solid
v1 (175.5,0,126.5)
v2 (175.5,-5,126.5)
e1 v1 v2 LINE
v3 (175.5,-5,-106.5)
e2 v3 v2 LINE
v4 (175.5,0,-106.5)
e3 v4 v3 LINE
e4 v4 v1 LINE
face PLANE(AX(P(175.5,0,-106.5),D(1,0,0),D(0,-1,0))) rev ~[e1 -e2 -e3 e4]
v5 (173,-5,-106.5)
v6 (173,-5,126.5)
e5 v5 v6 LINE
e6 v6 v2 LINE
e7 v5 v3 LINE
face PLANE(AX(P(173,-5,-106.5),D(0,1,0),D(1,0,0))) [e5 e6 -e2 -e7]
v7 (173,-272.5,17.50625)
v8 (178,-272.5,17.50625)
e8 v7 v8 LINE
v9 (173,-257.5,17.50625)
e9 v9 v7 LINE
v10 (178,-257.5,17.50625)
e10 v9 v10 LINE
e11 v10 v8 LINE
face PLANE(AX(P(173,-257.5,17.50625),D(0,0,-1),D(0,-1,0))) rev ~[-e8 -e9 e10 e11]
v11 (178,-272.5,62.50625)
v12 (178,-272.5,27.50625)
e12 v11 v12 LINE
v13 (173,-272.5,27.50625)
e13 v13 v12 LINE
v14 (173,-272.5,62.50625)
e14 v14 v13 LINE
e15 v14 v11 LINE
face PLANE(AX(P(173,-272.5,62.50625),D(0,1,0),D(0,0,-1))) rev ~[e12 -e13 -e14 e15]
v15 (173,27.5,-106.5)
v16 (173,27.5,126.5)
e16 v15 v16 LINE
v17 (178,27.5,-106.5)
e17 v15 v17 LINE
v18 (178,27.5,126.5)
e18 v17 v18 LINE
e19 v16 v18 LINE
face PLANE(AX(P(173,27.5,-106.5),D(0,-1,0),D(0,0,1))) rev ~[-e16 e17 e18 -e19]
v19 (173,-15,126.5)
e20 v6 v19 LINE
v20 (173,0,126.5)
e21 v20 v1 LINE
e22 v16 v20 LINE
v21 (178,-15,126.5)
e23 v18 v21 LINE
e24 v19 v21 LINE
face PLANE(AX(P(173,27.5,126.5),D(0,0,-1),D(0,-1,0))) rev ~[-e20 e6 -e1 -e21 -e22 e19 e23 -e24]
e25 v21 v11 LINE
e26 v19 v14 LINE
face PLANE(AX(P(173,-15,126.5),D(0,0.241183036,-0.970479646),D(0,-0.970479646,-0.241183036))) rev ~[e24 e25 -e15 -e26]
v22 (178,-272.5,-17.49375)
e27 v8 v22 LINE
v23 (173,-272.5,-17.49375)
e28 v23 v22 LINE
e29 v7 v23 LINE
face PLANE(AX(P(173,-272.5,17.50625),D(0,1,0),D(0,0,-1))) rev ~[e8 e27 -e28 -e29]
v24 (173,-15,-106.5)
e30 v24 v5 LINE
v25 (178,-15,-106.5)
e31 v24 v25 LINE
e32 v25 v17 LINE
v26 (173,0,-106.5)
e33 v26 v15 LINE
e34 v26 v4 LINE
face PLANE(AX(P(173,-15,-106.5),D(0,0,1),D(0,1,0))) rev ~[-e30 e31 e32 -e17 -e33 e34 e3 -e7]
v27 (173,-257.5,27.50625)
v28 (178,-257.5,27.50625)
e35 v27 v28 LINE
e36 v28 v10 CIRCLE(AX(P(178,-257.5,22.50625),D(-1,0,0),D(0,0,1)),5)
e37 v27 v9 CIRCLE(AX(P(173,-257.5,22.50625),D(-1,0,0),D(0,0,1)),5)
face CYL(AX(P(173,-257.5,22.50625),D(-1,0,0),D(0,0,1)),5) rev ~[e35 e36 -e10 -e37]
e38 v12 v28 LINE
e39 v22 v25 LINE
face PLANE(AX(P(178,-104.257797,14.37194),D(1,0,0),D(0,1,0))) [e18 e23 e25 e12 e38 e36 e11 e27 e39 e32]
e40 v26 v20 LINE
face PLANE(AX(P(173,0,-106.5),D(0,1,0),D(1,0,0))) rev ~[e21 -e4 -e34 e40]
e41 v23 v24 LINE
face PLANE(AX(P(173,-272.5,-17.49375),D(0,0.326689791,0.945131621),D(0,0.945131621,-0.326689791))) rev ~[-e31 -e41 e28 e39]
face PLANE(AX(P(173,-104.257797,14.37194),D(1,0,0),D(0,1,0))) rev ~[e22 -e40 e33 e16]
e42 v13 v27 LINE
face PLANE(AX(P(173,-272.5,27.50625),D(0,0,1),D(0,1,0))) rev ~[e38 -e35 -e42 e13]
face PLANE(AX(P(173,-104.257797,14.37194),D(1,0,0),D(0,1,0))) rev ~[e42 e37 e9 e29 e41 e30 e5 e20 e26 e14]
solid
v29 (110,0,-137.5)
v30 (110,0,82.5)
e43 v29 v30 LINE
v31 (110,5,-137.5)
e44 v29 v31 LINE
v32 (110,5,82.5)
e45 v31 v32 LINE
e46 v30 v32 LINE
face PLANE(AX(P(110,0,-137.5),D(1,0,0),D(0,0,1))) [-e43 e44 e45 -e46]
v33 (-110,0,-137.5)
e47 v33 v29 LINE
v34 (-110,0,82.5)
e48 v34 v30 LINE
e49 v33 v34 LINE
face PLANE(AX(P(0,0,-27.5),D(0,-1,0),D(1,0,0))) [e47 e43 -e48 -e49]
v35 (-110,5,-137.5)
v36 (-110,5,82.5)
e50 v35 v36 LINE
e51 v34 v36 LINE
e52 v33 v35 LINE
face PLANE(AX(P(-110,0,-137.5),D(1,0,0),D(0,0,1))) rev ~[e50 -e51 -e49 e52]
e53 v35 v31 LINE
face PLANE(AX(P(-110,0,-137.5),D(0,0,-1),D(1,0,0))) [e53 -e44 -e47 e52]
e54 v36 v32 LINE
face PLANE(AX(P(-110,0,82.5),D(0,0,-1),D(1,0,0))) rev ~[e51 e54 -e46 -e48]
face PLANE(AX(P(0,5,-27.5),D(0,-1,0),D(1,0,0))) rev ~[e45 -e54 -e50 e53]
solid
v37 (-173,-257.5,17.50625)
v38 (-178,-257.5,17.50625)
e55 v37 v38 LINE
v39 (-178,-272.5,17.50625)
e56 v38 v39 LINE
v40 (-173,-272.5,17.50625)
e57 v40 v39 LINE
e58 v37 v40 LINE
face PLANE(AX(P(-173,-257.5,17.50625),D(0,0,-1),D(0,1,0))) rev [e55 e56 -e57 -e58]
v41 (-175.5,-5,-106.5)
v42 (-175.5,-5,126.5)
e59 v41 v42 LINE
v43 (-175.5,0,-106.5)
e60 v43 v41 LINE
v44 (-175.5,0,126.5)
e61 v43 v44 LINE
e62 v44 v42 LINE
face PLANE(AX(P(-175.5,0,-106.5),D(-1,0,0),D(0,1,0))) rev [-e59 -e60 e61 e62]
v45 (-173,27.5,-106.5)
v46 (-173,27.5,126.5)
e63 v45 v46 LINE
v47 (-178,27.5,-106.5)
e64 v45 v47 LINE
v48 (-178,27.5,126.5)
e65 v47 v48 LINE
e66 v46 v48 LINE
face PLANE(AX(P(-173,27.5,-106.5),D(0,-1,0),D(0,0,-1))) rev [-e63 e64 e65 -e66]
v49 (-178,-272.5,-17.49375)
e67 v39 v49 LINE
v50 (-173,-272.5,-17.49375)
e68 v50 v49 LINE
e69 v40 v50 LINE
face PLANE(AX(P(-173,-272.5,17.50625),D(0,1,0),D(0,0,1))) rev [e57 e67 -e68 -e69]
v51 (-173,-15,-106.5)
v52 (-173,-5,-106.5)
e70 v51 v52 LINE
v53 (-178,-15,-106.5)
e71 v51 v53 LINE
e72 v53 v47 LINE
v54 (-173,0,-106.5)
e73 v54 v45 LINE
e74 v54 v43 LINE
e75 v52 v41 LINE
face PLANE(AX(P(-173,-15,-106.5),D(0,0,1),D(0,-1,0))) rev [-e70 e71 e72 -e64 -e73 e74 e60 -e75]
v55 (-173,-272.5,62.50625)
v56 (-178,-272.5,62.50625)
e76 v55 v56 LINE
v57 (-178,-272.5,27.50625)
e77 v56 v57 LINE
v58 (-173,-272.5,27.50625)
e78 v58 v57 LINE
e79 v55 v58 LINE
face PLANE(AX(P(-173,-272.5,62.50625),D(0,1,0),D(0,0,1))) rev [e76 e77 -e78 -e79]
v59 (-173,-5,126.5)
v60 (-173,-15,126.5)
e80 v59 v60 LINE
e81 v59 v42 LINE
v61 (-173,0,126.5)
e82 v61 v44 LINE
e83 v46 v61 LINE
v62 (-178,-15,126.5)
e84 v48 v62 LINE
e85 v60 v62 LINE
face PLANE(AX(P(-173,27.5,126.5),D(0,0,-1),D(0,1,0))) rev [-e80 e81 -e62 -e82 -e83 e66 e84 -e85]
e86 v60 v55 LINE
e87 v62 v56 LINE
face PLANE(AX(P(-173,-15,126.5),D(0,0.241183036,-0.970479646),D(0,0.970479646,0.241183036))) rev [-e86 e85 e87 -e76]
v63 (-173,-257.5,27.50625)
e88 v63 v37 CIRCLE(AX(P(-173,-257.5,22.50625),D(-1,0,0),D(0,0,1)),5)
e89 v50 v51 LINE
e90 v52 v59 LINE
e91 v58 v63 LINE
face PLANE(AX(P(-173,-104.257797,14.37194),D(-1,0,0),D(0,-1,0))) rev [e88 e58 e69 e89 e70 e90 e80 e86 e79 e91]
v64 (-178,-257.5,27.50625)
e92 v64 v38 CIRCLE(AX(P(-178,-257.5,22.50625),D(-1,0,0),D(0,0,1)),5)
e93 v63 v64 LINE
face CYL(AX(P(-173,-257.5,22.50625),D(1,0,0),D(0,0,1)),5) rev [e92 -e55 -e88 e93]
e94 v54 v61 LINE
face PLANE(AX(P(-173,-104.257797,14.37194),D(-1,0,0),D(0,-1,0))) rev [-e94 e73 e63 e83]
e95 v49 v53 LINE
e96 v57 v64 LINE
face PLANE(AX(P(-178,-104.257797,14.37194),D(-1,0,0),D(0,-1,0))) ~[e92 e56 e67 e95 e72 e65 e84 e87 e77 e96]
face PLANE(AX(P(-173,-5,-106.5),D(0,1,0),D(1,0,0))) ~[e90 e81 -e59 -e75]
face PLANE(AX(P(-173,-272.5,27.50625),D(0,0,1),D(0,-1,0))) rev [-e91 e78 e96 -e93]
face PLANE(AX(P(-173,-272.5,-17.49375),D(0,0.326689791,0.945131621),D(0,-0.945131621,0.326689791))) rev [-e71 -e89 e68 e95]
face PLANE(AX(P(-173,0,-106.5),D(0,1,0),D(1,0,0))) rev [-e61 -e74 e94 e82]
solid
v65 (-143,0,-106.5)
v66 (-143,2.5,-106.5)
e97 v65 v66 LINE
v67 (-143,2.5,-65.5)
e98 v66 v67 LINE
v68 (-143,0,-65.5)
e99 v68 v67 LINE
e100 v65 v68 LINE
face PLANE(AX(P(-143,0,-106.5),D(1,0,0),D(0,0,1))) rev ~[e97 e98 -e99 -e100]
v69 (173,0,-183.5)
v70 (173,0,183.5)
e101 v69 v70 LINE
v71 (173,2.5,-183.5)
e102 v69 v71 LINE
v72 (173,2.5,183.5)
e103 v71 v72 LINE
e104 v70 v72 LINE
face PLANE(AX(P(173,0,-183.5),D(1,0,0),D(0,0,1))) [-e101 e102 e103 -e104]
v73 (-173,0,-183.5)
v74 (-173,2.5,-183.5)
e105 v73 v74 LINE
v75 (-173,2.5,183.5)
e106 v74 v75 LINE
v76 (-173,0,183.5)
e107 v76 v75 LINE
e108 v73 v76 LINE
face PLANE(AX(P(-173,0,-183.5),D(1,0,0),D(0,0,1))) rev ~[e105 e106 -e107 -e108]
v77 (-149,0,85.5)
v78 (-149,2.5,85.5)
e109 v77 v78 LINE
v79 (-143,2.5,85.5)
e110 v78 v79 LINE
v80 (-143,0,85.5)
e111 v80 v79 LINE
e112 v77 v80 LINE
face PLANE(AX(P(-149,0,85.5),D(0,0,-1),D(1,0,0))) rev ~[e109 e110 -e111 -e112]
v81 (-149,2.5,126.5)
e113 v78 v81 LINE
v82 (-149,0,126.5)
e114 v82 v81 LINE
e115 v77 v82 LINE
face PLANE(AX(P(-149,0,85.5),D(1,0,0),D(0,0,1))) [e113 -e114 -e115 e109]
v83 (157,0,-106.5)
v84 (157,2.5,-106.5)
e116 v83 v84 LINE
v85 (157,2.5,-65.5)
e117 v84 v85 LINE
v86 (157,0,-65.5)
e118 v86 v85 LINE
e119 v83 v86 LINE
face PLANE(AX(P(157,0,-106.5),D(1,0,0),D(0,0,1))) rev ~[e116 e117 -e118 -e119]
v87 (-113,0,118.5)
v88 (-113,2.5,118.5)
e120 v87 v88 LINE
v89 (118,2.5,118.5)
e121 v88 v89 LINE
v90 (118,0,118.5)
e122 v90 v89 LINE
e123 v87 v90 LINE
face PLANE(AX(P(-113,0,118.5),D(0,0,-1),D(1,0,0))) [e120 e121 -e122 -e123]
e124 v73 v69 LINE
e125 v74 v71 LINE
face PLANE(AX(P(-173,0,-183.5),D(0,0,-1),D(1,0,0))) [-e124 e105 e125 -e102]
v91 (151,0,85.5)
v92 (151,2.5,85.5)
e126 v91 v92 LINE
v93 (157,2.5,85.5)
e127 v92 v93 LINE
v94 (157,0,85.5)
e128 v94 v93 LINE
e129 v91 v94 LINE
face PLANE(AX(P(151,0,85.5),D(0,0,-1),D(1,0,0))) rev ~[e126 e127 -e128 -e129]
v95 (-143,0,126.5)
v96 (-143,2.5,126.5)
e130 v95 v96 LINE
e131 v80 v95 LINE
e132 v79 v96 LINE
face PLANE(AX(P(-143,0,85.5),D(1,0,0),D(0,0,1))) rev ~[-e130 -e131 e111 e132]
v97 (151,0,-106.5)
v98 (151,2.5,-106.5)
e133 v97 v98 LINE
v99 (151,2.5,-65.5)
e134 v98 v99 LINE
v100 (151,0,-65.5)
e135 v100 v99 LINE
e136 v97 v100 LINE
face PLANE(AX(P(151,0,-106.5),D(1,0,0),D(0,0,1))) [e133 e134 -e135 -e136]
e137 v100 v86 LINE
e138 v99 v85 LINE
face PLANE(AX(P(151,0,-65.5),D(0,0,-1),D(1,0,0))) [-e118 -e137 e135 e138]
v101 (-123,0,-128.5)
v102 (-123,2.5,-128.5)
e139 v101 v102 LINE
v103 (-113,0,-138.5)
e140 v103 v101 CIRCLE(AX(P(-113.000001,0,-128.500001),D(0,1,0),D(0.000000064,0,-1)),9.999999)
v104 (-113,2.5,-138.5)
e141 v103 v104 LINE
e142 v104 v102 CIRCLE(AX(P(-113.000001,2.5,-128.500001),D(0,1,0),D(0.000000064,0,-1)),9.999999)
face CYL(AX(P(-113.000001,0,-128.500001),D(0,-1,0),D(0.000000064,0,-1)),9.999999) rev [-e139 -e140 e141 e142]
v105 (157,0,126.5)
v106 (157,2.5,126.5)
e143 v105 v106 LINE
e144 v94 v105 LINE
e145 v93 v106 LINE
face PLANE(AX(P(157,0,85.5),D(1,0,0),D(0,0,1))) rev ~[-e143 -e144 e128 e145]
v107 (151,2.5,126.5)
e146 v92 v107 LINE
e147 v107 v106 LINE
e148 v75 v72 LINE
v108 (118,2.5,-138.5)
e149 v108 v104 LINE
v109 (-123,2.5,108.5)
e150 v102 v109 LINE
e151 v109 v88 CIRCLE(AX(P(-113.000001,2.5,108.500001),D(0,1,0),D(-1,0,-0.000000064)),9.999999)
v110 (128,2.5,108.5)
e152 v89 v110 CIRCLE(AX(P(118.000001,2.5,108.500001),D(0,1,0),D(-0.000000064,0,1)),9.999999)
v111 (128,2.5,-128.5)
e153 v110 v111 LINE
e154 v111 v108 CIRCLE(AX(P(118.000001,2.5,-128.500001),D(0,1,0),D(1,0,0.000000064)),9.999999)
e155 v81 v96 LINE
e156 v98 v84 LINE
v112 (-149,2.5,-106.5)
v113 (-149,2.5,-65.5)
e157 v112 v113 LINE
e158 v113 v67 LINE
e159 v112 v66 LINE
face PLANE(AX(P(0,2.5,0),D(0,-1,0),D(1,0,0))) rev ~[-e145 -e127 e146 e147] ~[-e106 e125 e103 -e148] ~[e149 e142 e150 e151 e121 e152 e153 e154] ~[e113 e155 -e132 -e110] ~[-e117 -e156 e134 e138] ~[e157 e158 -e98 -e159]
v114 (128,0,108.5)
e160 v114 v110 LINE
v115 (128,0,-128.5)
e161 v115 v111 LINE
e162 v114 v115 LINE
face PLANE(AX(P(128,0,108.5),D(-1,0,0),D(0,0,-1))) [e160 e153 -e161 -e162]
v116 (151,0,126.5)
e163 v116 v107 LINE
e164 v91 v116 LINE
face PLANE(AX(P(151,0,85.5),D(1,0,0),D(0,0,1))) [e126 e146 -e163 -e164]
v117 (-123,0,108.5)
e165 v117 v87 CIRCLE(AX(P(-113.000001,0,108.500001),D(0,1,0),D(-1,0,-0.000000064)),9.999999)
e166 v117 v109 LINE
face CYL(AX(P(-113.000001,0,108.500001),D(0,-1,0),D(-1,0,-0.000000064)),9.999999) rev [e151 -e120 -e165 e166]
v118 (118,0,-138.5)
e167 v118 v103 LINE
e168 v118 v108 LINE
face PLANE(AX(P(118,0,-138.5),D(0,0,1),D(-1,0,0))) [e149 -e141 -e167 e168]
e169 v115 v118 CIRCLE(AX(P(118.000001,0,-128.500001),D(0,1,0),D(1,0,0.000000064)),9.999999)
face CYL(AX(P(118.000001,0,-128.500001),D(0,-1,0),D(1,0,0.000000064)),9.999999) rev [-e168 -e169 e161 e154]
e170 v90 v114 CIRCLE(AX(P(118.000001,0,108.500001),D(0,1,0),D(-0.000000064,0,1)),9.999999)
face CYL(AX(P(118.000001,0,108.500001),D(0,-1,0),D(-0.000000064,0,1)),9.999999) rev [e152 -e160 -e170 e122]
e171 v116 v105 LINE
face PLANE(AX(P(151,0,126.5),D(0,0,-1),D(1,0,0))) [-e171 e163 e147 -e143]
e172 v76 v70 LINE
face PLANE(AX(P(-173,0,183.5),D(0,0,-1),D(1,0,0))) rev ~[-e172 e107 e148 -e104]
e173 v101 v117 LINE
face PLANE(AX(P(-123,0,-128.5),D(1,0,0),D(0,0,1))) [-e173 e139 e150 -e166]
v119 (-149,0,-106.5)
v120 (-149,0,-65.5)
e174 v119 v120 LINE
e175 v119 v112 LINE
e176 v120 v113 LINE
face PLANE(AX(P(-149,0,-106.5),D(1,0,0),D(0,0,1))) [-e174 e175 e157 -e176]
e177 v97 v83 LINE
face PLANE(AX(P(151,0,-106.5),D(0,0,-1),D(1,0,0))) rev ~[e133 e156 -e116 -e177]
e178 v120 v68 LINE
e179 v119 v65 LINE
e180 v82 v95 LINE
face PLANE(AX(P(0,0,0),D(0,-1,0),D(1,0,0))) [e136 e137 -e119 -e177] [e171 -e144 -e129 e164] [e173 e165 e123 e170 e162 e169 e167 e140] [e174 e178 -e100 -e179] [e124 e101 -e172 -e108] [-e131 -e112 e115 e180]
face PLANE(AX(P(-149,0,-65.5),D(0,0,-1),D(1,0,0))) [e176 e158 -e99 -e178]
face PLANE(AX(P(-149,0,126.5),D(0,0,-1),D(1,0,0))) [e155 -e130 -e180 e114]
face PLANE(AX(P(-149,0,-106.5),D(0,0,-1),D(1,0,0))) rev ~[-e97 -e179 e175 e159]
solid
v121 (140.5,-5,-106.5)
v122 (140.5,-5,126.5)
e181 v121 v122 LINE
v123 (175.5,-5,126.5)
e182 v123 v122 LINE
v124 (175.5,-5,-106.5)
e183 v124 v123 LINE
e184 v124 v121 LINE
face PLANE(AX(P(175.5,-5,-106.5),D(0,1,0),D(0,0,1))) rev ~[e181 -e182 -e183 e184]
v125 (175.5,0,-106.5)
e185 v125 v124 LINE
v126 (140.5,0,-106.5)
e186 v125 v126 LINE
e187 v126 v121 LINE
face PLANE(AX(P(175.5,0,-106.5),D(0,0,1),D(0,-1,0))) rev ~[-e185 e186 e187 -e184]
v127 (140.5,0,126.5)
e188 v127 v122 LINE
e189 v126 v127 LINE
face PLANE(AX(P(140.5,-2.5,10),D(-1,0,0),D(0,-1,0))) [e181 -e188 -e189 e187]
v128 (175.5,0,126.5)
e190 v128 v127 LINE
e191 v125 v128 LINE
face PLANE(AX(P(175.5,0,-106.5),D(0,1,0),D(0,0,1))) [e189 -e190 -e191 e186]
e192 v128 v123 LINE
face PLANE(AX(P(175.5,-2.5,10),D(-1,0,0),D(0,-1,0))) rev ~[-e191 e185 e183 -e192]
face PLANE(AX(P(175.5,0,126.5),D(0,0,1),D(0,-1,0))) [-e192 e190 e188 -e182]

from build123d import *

# Parameters (mm, degrees)
F0_W      = 346
F0_H      = 367
F0_W_2    = 6
F0_H_2    = 41
F1_DEPTH  = 2.5
F0_W_3    = 220
F0_H_3    = 220
F2_DEPTH  = 5
F4_DEPTH  = 5
F5_W      = 2.5
F5_H      = 5
F6_DEPTH  = 290.001
F6_FACE_W = 5
F6_FACE_H = 233
F8_DEPTH  = 35


with BuildPart() as f1:
    # F0 (on Front) → F1 (new body)
    with BuildSketch(Plane.XZ):
        Rectangle(F0_W, F0_H)
        with Locations((-146, -86)):
            Rectangle(F0_W_2, F0_H_2, mode=Mode.SUBTRACT)
        with BuildLine():
            ThreePointArc((128, -128.5), (125.071068, -135.571068), (118, -138.5))
            Line((118, -138.5), (-113, -138.5))
            ThreePointArc((-113, -138.5), (-120.071068, -135.571068), (-123, -128.5))
            Line((-123, -128.5), (-123, 108.5))
            ThreePointArc((-123, 108.5), (-120.071068, 115.571068), (-113, 118.5))
            Line((-113, 118.5), (118, 118.5))
            ThreePointArc((118, 118.5), (125.071068, 115.571068), (128, 108.5))
            Line((128, 108.5), (128, -128.5))
        make_face(mode=Mode.SUBTRACT)
        with Locations((154, -86)):
            Rectangle(F0_W_2, F0_H_2, mode=Mode.SUBTRACT)
        with Locations((-146, 106)):
            Rectangle(F0_W_2, F0_H_2, mode=Mode.SUBTRACT)
        with Locations((154, 106)):
            Rectangle(F0_W_2, F0_H_2, mode=Mode.SUBTRACT)
    extrude(amount=-F1_DEPTH)


with BuildPart() as f2:
    # F0 (on Front) → F2 (new body)
    with BuildSketch(Plane.XZ):
        with Locations((0, -27.5)):
            Rectangle(F0_W_3, F0_H_3)
    extrude(amount=-F2_DEPTH)


with BuildPart() as f4:
    # F3 (on face) → F4 (new body)
    with BuildSketch(Plane.YZ.offset(173)):
        with BuildLine():
            Line((-272.5, -17.49375), (-15, -106.5))
            Line((-15, -106.5), (27.5, -106.5))
            Line((27.5, -106.5), (27.5, 126.5))
            Line((27.5, 126.5), (-15, 126.5))
            Line((-15, 126.5), (-272.5, 62.50625))
            Line((-272.5, 62.50625), (-272.5, 27.50625))
            Line((-272.5, 27.50625), (-257.5, 27.50625))
            ThreePointArc((-257.5, 27.50625), (-252.5, 22.50625), (-257.5, 17.50625))
            Line((-257.5, 17.50625), (-272.5, 17.50625))
            Line((-272.5, 17.50625), (-272.5, -17.49375))
        make_face()
    extrude(amount=F4_DEPTH)

    # F5 (on face) → F6 (cut, through all)
    with BuildSketch(Plane(origin=(0, 0, -106.5), x_dir=(1, 0, 0), z_dir=(0, 0, -1))):
        with Locations((174.25, 2.5)):
            Rectangle(F5_W, F5_H)
    extrude(amount=-F6_DEPTH, mode=Mode.SUBTRACT)


with BuildPart() as f7_1:
    # F7: instance of F4
    add(f4.part.mirror(Plane.YZ))


with BuildPart() as f8:
    # F6_face (on face) → F8 (new body)
    with BuildSketch(Plane(origin=(175.5, -2.5, 10), x_dir=(0, -1, 0), z_dir=(-1, 0, 0))):
        Rectangle(F6_FACE_W, F6_FACE_H)
    extrude(amount=F8_DEPTH)


solid = Compound([f1.part, f2.part, f4.part, f7_1.part, f8.part])
